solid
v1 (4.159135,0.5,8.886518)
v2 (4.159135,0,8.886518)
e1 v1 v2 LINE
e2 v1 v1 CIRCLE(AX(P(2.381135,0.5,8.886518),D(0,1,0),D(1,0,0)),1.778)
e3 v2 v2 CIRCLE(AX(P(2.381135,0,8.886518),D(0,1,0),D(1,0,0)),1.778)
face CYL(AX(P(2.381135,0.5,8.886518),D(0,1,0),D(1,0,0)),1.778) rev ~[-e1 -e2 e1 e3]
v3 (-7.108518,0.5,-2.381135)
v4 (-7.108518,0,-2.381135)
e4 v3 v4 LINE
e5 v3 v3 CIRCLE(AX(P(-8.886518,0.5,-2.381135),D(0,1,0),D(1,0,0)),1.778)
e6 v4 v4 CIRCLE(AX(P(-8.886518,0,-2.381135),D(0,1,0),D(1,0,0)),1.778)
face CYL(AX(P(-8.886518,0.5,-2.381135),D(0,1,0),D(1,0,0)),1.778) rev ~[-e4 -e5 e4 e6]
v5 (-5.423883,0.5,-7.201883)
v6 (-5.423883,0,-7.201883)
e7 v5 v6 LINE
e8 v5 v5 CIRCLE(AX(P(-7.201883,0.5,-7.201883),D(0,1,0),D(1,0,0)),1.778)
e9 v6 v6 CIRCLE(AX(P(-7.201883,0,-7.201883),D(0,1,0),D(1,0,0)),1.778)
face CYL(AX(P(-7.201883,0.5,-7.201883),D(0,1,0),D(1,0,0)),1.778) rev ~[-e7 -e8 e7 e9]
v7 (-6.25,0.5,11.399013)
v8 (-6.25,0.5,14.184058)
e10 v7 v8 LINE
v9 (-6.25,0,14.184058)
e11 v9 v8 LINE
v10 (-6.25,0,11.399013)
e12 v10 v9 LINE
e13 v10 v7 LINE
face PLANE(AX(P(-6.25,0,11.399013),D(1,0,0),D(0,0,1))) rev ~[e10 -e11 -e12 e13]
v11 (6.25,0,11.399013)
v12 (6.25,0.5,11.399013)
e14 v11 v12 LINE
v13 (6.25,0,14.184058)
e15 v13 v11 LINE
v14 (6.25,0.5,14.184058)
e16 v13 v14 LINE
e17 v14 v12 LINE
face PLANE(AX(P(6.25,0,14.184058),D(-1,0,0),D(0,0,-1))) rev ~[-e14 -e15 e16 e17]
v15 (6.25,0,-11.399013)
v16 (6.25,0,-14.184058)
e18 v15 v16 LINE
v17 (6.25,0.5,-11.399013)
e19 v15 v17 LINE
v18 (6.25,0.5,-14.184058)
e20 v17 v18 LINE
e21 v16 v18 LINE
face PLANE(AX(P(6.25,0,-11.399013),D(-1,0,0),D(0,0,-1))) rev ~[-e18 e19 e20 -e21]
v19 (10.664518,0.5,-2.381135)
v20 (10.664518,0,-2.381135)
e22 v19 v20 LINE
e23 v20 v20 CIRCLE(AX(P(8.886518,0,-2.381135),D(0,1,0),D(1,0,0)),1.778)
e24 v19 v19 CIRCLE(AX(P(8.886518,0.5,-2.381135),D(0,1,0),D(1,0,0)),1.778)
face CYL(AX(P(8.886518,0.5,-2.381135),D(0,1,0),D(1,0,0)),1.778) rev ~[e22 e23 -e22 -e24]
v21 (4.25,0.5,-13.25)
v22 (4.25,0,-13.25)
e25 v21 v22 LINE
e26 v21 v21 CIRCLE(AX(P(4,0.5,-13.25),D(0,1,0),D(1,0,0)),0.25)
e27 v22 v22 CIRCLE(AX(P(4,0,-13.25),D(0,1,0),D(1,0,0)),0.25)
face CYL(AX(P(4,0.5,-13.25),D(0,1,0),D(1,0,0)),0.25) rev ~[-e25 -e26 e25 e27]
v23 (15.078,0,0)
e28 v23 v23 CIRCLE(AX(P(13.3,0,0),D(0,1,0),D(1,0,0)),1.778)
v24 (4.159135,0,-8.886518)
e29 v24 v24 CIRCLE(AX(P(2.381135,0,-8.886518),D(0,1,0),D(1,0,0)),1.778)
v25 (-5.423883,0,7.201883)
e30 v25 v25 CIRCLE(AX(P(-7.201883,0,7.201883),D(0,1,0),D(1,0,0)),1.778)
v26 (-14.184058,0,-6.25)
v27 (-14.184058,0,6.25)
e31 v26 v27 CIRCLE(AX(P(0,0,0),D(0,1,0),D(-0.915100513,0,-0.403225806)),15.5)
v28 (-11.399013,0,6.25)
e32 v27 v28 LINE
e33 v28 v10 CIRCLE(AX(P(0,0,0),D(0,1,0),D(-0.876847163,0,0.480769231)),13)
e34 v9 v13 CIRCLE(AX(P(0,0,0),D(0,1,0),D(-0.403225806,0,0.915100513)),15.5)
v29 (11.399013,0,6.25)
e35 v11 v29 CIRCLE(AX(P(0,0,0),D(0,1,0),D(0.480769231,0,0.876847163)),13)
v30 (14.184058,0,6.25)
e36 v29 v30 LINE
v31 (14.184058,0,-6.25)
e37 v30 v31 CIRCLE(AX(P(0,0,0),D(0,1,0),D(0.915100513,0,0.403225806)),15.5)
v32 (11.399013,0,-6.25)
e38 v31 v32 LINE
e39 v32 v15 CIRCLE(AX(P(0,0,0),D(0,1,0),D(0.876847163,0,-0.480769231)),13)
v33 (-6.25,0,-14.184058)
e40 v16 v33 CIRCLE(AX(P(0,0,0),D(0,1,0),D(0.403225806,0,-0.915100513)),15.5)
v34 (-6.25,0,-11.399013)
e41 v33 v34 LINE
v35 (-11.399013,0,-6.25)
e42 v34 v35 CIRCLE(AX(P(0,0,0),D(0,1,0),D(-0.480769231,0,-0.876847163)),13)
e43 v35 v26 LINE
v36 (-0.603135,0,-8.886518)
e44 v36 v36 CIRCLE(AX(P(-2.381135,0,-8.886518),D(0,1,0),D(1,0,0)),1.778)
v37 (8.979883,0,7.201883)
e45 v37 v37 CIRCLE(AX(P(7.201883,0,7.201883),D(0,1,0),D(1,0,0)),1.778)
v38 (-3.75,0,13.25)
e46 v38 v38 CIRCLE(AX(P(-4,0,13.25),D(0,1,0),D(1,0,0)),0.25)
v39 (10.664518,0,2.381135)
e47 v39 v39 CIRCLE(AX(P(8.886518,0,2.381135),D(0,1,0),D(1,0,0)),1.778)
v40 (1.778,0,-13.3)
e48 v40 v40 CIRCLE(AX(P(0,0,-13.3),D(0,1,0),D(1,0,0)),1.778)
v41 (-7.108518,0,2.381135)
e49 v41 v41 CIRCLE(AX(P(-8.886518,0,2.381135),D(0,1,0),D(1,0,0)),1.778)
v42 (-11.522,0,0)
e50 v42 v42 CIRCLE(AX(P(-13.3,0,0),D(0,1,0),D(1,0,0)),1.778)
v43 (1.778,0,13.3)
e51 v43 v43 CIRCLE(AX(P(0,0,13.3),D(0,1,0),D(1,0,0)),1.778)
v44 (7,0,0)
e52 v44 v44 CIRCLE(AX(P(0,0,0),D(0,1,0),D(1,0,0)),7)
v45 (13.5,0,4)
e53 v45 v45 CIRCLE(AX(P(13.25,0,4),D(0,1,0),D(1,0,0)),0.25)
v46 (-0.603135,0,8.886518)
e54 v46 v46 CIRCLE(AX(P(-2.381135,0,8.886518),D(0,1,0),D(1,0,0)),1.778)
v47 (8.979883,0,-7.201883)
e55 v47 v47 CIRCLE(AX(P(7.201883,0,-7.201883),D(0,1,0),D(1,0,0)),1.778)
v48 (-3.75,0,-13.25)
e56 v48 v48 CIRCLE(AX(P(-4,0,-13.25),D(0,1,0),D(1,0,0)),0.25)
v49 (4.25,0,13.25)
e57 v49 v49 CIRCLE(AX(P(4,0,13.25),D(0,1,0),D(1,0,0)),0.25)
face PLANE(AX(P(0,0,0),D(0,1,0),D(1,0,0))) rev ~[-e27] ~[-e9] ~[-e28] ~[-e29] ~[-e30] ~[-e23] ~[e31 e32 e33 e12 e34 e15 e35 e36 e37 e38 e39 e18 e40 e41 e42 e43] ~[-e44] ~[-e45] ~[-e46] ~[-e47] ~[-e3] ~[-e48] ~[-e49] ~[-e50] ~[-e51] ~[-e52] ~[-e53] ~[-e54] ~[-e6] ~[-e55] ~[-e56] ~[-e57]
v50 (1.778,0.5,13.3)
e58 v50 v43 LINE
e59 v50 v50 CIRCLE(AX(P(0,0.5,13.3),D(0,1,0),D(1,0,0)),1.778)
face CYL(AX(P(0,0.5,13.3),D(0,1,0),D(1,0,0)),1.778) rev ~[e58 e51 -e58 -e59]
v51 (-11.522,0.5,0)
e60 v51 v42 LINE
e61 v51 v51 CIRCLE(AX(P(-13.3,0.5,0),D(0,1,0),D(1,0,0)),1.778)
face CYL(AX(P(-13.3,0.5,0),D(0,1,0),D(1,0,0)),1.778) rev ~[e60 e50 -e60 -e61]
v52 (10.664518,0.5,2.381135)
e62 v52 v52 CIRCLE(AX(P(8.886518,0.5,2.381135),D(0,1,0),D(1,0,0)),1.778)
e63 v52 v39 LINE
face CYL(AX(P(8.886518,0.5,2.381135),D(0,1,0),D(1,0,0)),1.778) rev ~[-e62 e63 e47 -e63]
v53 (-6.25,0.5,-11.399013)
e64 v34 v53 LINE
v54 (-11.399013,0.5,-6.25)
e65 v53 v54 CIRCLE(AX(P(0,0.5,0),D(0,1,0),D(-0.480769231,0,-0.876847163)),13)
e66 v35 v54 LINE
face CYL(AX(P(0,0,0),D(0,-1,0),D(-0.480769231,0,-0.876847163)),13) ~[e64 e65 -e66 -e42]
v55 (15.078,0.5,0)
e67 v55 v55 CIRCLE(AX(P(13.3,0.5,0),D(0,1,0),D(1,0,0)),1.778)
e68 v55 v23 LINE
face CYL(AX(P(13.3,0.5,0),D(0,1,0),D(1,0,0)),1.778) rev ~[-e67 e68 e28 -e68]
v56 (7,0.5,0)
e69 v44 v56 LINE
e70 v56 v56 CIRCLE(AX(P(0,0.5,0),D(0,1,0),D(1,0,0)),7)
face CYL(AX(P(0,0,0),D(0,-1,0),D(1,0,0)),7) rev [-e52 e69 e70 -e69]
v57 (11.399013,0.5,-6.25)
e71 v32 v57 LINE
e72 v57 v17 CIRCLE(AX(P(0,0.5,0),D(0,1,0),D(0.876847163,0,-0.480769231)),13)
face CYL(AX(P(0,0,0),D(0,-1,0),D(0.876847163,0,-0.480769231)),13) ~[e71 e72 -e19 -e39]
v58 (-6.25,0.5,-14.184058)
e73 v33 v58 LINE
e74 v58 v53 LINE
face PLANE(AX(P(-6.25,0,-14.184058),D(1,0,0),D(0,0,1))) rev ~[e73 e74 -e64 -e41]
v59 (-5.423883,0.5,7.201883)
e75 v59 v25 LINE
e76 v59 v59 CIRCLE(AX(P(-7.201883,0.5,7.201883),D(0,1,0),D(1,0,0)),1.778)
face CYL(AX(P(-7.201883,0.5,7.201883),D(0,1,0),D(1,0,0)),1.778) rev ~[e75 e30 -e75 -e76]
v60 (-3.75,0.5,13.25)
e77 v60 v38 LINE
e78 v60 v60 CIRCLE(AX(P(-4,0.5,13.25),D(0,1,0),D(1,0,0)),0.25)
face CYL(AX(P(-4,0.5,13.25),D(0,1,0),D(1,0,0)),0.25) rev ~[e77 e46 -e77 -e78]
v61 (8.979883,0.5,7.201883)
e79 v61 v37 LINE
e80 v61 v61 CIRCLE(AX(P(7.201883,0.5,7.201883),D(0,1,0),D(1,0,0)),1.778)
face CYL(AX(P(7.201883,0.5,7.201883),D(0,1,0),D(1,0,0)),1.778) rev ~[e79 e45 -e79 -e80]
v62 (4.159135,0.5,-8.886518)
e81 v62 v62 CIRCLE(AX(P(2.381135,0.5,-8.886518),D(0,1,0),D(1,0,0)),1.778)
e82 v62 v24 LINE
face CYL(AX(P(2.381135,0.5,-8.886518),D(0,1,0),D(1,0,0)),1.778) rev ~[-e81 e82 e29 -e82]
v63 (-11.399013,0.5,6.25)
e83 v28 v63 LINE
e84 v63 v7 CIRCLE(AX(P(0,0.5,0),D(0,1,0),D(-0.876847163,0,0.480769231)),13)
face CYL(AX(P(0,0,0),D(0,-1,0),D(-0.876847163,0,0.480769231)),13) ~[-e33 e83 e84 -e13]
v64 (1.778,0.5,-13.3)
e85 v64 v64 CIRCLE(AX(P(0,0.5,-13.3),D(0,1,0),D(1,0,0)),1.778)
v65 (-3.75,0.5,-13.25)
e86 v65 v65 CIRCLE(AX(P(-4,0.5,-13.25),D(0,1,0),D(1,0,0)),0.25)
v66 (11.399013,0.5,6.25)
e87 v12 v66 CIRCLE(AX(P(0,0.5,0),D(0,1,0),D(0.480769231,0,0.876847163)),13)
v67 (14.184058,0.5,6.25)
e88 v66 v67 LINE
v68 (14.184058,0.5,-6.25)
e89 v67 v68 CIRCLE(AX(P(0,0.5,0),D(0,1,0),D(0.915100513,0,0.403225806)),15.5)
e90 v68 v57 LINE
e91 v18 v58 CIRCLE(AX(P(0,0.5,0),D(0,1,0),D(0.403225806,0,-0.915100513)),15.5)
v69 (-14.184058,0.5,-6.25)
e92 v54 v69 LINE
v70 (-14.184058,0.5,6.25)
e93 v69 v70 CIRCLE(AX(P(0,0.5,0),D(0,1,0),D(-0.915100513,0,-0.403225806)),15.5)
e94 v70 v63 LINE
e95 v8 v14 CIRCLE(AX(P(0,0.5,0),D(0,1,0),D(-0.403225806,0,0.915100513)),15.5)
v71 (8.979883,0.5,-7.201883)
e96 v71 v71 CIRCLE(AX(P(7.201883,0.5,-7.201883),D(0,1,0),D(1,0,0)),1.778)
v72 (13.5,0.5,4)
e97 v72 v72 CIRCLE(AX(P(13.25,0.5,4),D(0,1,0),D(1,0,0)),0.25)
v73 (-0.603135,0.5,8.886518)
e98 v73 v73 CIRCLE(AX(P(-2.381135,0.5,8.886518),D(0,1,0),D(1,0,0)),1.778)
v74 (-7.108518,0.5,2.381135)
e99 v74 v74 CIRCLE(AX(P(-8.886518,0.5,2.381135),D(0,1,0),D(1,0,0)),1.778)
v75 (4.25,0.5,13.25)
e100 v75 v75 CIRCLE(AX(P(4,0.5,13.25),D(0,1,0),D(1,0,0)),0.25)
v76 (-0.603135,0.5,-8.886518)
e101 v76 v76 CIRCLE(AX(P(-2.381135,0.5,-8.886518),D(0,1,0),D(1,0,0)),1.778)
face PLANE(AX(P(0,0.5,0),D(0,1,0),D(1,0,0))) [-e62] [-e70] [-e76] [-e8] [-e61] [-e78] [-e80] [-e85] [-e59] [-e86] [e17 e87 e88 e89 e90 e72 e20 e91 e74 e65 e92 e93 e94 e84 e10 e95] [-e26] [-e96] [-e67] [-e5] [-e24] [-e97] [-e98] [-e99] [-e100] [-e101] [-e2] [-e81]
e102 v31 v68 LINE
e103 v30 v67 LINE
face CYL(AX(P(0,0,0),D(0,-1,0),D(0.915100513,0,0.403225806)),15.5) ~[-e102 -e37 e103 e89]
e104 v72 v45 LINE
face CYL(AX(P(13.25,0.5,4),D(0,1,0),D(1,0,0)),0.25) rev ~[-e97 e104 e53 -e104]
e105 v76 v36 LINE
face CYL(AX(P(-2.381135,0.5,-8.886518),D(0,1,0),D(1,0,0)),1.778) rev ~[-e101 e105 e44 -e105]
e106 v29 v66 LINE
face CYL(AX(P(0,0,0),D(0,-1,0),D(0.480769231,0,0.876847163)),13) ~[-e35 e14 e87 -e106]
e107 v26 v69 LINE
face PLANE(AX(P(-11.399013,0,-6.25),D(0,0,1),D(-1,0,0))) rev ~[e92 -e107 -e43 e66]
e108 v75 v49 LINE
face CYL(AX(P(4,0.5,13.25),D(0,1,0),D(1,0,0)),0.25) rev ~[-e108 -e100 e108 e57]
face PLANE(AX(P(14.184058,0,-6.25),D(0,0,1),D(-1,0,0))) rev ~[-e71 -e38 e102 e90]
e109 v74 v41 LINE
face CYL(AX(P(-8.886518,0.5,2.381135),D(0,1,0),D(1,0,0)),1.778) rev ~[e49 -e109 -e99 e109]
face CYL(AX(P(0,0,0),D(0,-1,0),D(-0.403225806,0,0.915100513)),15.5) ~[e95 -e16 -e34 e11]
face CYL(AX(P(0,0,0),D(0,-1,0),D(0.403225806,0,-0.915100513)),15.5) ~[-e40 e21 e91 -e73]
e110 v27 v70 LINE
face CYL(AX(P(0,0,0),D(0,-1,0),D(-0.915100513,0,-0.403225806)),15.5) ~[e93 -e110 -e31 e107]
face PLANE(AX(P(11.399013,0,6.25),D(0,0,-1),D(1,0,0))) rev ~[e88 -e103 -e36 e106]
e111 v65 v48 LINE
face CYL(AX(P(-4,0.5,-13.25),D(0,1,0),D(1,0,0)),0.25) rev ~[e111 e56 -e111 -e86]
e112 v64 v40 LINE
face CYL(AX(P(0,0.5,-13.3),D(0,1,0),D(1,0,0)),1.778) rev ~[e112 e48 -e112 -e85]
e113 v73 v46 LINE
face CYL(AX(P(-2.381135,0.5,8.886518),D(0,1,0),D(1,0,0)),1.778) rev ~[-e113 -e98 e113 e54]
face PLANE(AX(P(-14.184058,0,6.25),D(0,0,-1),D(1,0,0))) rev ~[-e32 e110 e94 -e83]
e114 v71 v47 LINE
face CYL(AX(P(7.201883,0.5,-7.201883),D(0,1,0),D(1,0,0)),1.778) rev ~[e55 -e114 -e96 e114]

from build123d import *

# Parameters (mm, degrees)
SKETCH1_R           = 7
BOSS_EXTRUDE1_DEPTH = 0.5
SKETCH2_R           = 1.778
CUT_EXTRUDE2_DEPTH  = 1.5
SKETCH4_R           = 0.25
CUT_EXTRUDE3_DEPTH  = 1.5


with BuildPart() as part:
    # Sketch1 → Boss-Extrude1 (new body)
    with BuildSketch(Plane(origin=(0, 0, 0), x_dir=(1, 0, 0), z_dir=(0, 1, 0))):
        with BuildLine():
            Line((-6.25, 14.184057953), (-6.25, 11.399013115))
            ThreePointArc((-6.25, 11.399013115), (-9.192388155, 9.192388155), (-11.399013115, 6.25))
            Line((-11.399013115, 6.25), (-14.184057953, 6.25))
            ThreePointArc((-14.184057953, 6.25), (-15.5, 0), (-14.184057953, -6.25))
            Line((-14.184057953, -6.25), (-11.399013115, -6.25))
            ThreePointArc((-11.399013115, -6.25), (-9.192388155, -9.192388155), (-6.25, -11.399013115))
            Line((-6.25, -11.399013115), (-6.25, -14.184057953))
            ThreePointArc((-6.25, -14.184057953), (0, -15.5), (6.25, -14.184057953))
            Line((6.25, -14.184057953), (6.25, -11.399013115))
            ThreePointArc((6.25, -11.399013115), (9.192388155, -9.192388155), (11.399013115, -6.25))
            Line((11.399013115, -6.25), (14.184057953, -6.25))
            ThreePointArc((14.184057953, -6.25), (15.5, 0), (14.184057953, 6.25))
            Line((14.184057953, 6.25), (11.399013115, 6.25))
            ThreePointArc((11.399013115, 6.25), (9.192388155, 9.192388155), (6.25, 11.399013115))
            Line((6.25, 11.399013115), (6.25, 14.184057953))
            ThreePointArc((6.25, 14.184057953), (0, 15.5), (-6.25, 14.184057953))
        make_face()
        Circle(SKETCH1_R, mode=Mode.SUBTRACT)
    extrude(amount=BOSS_EXTRUDE1_DEPTH)

    # Sketch2 → Cut-Extrude2 (cut, through all)
    with BuildSketch(Plane(origin=(0, 0.5, 0), x_dir=(1, 0, 0), z_dir=(0, 1, 0))):
        with Locations((0, 13.3)):
            Circle(SKETCH2_R)
        with Locations((-2.381135215, 8.886517602)):
            Circle(SKETCH2_R)
        with Locations((-13.3, 0)):
            Circle(SKETCH2_R)
        with Locations((-8.886517602, 2.381135215)):
            Circle(SKETCH2_R)
        with Locations((-7.201882566, 7.201882566)):
            Circle(SKETCH2_R)
        with Locations((0, -13.3)):
            Circle(SKETCH2_R)
        with Locations((-2.381135215, -8.886517602)):
            Circle(SKETCH2_R)
        with Locations((-7.201882566, -7.201882566)):
            Circle(SKETCH2_R)
        with Locations((-8.886517602, -2.381135215)):
            Circle(SKETCH2_R)
        with Locations((2.381135215, 8.886517602)):
            Circle(SKETCH2_R)
        with Locations((7.201882566, 7.201882566)):
            Circle(SKETCH2_R)
        with Locations((8.886517602, 2.381135215)):
            Circle(SKETCH2_R)
        with Locations((13.3, 0)):
            Circle(SKETCH2_R)
        with Locations((8.886517602, -2.381135215)):
            Circle(SKETCH2_R)
        with Locations((7.201882566, -7.201882566)):
            Circle(SKETCH2_R)
        with Locations((2.381135215, -8.886517602)):
            Circle(SKETCH2_R)
    extrude(amount=-CUT_EXTRUDE2_DEPTH, mode=Mode.SUBTRACT)

    # Sketch4 → Cut-Extrude3 (cut, through all)
    with BuildSketch(Plane(origin=(0, 0.5, 0), x_dir=(1, 0, 0), z_dir=(0, 1, 0))):
        with Locations((-4, 13.25)):
            Circle(SKETCH4_R)
        with Locations((13.25, -4)):
            Circle(SKETCH4_R)
        with Locations((4, -13.25)):
            Circle(SKETCH4_R)
        with Locations((-4, -13.25)):
            Circle(SKETCH4_R)
        with Locations((4, 13.25)):
            Circle(SKETCH4_R)
    extrude(amount=-CUT_EXTRUDE3_DEPTH, mode=Mode.SUBTRACT)


solid = part.part
